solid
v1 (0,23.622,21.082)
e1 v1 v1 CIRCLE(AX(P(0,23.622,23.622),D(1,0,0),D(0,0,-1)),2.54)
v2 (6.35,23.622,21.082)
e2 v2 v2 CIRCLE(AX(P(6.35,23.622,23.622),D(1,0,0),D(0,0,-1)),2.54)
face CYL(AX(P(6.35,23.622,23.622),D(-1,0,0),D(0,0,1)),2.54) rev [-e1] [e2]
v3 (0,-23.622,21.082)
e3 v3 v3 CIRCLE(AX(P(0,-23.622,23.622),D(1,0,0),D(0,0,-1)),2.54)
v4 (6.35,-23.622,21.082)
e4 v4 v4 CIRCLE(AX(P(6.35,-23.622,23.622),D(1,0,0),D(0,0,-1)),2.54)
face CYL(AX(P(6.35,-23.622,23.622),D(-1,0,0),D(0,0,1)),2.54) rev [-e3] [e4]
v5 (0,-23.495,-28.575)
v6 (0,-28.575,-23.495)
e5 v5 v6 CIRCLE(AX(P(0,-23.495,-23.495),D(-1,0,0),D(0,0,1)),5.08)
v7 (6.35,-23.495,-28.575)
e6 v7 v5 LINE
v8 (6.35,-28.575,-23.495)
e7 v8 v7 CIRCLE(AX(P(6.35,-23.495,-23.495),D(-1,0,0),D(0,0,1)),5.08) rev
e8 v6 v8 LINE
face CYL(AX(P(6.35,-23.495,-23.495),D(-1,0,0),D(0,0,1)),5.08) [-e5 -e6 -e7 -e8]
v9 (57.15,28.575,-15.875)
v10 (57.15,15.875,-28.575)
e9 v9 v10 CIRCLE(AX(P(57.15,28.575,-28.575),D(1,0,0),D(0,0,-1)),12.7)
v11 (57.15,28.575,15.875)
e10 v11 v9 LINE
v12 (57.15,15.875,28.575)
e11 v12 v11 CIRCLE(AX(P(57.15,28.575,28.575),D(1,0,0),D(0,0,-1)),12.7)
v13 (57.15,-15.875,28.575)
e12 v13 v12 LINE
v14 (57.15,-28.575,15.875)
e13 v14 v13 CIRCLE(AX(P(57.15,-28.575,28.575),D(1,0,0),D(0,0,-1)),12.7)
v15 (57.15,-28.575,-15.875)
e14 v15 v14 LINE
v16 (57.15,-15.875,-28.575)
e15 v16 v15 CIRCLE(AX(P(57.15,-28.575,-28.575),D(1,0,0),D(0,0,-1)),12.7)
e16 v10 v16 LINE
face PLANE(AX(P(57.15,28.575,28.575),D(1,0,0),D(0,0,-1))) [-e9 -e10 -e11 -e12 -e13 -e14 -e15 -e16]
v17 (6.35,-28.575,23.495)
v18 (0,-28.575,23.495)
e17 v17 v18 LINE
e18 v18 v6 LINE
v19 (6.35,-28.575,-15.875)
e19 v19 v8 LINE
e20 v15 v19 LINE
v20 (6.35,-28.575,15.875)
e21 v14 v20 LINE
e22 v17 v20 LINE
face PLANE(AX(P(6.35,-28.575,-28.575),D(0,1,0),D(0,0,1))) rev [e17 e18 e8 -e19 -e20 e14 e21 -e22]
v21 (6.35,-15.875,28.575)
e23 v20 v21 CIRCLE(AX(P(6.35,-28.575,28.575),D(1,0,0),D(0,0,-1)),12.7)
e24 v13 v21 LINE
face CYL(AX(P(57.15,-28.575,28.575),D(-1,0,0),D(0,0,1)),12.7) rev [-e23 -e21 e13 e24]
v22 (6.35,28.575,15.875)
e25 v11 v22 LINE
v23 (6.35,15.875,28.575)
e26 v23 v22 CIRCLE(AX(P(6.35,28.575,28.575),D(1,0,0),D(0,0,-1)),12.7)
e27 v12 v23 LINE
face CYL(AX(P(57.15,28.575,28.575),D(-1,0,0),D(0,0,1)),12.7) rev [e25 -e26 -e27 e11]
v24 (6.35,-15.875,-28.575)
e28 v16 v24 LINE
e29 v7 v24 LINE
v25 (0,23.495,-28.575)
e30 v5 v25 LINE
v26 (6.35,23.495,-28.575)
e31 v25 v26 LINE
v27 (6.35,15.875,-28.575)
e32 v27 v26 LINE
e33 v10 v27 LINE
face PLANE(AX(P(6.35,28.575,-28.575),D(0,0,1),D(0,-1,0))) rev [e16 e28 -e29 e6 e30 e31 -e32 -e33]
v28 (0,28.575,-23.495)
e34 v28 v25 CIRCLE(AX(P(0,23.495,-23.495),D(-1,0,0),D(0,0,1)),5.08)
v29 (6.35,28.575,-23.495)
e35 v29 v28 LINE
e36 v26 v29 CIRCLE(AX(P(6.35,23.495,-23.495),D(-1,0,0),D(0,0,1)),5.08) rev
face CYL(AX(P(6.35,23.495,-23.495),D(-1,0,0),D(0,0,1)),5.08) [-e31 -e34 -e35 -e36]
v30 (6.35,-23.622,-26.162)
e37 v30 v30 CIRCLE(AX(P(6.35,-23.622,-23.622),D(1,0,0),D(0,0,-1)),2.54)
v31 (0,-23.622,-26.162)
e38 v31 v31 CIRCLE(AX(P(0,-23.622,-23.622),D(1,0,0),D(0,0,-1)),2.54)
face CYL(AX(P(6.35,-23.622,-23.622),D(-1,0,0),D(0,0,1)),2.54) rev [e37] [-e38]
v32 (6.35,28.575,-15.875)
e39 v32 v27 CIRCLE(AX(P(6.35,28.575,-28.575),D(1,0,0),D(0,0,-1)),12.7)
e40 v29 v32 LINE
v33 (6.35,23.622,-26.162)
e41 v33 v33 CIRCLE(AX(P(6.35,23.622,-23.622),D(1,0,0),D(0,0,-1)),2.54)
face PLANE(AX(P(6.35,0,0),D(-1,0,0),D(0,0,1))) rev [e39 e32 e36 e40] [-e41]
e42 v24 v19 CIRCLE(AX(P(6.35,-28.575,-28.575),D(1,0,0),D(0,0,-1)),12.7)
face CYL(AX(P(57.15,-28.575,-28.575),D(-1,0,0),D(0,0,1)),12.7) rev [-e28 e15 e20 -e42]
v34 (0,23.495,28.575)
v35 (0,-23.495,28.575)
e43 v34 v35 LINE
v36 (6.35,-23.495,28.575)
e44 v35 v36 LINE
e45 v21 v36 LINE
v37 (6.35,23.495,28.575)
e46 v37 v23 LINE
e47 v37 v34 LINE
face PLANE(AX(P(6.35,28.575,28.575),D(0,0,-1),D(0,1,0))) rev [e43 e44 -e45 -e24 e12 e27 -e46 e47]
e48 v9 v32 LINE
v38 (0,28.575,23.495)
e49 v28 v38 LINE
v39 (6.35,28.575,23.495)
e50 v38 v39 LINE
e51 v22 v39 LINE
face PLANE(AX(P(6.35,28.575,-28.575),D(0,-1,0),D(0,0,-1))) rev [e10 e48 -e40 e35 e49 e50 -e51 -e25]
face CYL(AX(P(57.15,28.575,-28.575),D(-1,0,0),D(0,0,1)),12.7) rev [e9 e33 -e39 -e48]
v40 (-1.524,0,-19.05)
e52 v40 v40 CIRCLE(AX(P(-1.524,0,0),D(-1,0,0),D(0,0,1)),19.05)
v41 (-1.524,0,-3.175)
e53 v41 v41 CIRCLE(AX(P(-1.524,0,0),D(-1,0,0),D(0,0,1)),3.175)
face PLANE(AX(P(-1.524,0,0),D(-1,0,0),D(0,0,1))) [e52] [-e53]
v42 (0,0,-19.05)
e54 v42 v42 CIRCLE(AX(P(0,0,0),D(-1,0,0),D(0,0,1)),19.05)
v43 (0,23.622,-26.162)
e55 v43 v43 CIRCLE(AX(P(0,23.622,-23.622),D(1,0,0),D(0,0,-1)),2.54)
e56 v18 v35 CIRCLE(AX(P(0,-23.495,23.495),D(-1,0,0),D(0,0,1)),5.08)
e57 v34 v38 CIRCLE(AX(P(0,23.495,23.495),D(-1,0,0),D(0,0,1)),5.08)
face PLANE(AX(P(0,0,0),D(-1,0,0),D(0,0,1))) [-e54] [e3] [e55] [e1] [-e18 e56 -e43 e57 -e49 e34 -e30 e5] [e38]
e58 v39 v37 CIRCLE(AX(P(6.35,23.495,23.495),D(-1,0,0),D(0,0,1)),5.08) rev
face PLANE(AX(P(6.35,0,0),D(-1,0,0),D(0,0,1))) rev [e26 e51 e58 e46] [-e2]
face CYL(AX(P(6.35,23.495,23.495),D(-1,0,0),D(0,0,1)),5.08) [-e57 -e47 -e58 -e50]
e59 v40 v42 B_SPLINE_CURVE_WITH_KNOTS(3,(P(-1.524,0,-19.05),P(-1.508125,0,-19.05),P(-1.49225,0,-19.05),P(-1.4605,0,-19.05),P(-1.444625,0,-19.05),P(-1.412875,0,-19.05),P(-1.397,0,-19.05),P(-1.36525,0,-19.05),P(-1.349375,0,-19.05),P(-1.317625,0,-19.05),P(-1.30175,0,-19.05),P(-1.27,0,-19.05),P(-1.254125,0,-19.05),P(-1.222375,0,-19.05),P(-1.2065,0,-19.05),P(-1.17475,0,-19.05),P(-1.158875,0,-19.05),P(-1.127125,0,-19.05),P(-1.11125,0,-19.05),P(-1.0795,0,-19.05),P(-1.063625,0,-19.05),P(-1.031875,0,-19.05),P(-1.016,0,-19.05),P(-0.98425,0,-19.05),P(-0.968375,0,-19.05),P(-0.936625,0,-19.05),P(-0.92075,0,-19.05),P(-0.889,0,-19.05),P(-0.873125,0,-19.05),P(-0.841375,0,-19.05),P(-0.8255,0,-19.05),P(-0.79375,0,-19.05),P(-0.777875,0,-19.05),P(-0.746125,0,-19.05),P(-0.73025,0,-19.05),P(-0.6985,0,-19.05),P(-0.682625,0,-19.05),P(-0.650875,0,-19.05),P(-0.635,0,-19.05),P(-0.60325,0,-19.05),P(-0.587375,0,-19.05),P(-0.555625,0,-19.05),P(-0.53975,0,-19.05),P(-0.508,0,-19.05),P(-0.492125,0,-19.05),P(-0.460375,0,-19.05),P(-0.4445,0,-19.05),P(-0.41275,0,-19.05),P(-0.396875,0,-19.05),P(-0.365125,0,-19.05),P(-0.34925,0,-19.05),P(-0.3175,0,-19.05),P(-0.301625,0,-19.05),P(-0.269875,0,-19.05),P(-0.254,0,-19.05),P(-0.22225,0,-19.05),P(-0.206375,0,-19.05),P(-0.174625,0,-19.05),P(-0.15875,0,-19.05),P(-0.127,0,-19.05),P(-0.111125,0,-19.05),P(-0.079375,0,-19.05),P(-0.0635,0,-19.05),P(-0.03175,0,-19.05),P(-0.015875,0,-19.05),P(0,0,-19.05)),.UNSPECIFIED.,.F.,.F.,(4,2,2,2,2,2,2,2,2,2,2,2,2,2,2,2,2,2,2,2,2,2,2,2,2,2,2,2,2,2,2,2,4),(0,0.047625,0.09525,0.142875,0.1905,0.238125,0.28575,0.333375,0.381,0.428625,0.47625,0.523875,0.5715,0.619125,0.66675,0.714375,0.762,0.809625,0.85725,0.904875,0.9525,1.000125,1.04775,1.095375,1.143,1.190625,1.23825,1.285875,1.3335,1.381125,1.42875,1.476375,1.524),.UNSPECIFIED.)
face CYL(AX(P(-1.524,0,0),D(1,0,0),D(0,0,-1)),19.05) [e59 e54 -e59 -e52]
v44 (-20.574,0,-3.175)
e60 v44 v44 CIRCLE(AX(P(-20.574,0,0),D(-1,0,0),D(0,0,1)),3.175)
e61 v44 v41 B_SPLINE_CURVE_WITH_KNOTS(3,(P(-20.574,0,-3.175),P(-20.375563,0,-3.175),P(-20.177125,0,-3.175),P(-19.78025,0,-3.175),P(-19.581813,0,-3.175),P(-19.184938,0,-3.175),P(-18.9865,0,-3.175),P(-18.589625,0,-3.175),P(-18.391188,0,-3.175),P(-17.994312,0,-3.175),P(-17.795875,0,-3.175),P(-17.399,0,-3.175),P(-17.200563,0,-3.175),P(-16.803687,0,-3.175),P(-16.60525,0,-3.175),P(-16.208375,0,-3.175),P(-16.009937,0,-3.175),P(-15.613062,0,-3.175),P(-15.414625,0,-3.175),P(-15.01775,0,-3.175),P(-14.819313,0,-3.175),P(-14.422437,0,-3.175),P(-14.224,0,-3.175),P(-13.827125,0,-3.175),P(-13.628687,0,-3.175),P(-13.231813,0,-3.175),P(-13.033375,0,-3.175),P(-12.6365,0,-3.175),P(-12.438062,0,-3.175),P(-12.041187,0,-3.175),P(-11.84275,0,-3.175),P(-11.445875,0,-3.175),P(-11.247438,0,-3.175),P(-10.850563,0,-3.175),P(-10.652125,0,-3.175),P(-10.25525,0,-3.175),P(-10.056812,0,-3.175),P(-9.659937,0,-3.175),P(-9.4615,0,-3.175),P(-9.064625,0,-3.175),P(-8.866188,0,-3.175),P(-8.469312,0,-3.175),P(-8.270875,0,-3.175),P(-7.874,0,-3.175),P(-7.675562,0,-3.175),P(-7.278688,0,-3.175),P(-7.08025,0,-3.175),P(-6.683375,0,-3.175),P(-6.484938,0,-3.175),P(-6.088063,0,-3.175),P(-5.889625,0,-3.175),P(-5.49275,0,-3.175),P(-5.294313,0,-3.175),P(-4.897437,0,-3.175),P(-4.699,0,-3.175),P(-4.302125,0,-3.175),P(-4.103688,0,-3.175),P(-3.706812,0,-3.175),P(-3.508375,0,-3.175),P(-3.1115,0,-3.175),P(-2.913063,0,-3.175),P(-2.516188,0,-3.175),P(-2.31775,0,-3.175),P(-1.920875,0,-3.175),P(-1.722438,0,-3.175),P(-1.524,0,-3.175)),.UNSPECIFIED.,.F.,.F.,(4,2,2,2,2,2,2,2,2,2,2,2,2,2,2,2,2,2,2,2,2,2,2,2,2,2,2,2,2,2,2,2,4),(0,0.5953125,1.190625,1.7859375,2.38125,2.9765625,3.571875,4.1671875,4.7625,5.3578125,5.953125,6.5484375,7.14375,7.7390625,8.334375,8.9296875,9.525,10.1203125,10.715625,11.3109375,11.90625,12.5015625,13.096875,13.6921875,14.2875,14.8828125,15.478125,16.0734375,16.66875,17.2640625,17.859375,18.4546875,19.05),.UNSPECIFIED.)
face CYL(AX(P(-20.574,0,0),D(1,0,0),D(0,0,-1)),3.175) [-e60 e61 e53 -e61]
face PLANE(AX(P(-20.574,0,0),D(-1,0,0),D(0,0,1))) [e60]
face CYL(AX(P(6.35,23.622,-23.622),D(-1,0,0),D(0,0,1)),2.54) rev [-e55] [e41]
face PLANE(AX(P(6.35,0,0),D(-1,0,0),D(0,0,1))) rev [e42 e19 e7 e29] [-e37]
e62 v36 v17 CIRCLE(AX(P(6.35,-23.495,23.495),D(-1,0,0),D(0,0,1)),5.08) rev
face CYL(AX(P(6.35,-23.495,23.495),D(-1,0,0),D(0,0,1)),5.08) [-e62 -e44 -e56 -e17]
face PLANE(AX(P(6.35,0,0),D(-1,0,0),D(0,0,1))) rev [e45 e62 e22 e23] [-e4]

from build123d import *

# Parameters (mm, degrees)
SKETCH1_W           = 57.15
SKETCH1_H           = 57.15
SKETCH1_R           = 2.54
BOSS_EXTRUDE1_DEPTH = 6.35
FILLET1_R           = 5.08
SKETCH5_R           = 19.05
BOSS_EXTRUDE4_DEPTH = 1.524
SKETCH6_R           = 3.175
BOSS_EXTRUDE5_DEPTH = 19.05
BOSS_EXTRUDE6_DEPTH = 50.8


with BuildPart() as part:
    # Sketch1 → Boss-Extrude1 (new body)
    with BuildSketch(Plane(origin=(0, 0, 0), x_dir=(0, 0, -1), z_dir=(1, 0, 0))):
        Rectangle(SKETCH1_W, SKETCH1_H)
        with Locations((23.622, 23.622)):
            Circle(SKETCH1_R, mode=Mode.SUBTRACT)
        with Locations((-23.622, 23.622)):
            Circle(SKETCH1_R, mode=Mode.SUBTRACT)
        with Locations((-23.622, -23.622)):
            Circle(SKETCH1_R, mode=Mode.SUBTRACT)
        with Locations((23.622, -23.622)):
            Circle(SKETCH1_R, mode=Mode.SUBTRACT)
    extrude(amount=BOSS_EXTRUDE1_DEPTH)

    # Fillet1
    fillet1_edges = [part.edges().sort_by_distance(p)[0] for p in [
        (3.175, 28.575, 28.575),
        (3.175, 28.575, -28.575),
        (3.175, -28.575, -28.575),
        (3.175, -28.575, 28.575),
    ]]
    fillet(fillet1_edges, radius=FILLET1_R)

    # Sketch5 → Boss-Extrude4 (add)
    with BuildSketch(Plane.ZY):
        with Locations(Location((0, 0, 0), (0, 0, 180))):
            Circle(SKETCH5_R)
    extrude(amount=BOSS_EXTRUDE4_DEPTH)

    # Sketch6 → Boss-Extrude5 (add)
    with BuildSketch(Plane.ZY.offset(1.524)):
        with Locations(Location((0, 0, 0), (0, 0, 180))):
            Circle(SKETCH6_R)
    extrude(amount=BOSS_EXTRUDE5_DEPTH)

    # Sketch7 → Boss-Extrude6 (add)
    with BuildSketch(Plane(origin=(6.35, 0, 0), x_dir=(0, 0, -1), z_dir=(1, 0, 0))):
        with BuildLine():
            Line((-15.875, 28.575), (15.875, 28.575))
            ThreePointArc((15.875, 28.575), (19.594743879, 19.594743879), (28.575, 15.875))
            Line((28.575, 15.875), (28.575, -15.875))
            ThreePointArc((28.575, -15.875), (19.594743879, -19.594743879), (15.875, -28.575))
            Line((15.875, -28.575), (-15.875, -28.575))
            ThreePointArc((-15.875, -28.575), (-19.594743879, -19.594743879), (-28.575, -15.875))
            Line((-28.575, -15.875), (-28.575, 15.875))
            ThreePointArc((-28.575, 15.875), (-19.594743879, 19.594743879), (-15.875, 28.575))
        make_face()
    extrude(amount=BOSS_EXTRUDE6_DEPTH)


solid = part.part
